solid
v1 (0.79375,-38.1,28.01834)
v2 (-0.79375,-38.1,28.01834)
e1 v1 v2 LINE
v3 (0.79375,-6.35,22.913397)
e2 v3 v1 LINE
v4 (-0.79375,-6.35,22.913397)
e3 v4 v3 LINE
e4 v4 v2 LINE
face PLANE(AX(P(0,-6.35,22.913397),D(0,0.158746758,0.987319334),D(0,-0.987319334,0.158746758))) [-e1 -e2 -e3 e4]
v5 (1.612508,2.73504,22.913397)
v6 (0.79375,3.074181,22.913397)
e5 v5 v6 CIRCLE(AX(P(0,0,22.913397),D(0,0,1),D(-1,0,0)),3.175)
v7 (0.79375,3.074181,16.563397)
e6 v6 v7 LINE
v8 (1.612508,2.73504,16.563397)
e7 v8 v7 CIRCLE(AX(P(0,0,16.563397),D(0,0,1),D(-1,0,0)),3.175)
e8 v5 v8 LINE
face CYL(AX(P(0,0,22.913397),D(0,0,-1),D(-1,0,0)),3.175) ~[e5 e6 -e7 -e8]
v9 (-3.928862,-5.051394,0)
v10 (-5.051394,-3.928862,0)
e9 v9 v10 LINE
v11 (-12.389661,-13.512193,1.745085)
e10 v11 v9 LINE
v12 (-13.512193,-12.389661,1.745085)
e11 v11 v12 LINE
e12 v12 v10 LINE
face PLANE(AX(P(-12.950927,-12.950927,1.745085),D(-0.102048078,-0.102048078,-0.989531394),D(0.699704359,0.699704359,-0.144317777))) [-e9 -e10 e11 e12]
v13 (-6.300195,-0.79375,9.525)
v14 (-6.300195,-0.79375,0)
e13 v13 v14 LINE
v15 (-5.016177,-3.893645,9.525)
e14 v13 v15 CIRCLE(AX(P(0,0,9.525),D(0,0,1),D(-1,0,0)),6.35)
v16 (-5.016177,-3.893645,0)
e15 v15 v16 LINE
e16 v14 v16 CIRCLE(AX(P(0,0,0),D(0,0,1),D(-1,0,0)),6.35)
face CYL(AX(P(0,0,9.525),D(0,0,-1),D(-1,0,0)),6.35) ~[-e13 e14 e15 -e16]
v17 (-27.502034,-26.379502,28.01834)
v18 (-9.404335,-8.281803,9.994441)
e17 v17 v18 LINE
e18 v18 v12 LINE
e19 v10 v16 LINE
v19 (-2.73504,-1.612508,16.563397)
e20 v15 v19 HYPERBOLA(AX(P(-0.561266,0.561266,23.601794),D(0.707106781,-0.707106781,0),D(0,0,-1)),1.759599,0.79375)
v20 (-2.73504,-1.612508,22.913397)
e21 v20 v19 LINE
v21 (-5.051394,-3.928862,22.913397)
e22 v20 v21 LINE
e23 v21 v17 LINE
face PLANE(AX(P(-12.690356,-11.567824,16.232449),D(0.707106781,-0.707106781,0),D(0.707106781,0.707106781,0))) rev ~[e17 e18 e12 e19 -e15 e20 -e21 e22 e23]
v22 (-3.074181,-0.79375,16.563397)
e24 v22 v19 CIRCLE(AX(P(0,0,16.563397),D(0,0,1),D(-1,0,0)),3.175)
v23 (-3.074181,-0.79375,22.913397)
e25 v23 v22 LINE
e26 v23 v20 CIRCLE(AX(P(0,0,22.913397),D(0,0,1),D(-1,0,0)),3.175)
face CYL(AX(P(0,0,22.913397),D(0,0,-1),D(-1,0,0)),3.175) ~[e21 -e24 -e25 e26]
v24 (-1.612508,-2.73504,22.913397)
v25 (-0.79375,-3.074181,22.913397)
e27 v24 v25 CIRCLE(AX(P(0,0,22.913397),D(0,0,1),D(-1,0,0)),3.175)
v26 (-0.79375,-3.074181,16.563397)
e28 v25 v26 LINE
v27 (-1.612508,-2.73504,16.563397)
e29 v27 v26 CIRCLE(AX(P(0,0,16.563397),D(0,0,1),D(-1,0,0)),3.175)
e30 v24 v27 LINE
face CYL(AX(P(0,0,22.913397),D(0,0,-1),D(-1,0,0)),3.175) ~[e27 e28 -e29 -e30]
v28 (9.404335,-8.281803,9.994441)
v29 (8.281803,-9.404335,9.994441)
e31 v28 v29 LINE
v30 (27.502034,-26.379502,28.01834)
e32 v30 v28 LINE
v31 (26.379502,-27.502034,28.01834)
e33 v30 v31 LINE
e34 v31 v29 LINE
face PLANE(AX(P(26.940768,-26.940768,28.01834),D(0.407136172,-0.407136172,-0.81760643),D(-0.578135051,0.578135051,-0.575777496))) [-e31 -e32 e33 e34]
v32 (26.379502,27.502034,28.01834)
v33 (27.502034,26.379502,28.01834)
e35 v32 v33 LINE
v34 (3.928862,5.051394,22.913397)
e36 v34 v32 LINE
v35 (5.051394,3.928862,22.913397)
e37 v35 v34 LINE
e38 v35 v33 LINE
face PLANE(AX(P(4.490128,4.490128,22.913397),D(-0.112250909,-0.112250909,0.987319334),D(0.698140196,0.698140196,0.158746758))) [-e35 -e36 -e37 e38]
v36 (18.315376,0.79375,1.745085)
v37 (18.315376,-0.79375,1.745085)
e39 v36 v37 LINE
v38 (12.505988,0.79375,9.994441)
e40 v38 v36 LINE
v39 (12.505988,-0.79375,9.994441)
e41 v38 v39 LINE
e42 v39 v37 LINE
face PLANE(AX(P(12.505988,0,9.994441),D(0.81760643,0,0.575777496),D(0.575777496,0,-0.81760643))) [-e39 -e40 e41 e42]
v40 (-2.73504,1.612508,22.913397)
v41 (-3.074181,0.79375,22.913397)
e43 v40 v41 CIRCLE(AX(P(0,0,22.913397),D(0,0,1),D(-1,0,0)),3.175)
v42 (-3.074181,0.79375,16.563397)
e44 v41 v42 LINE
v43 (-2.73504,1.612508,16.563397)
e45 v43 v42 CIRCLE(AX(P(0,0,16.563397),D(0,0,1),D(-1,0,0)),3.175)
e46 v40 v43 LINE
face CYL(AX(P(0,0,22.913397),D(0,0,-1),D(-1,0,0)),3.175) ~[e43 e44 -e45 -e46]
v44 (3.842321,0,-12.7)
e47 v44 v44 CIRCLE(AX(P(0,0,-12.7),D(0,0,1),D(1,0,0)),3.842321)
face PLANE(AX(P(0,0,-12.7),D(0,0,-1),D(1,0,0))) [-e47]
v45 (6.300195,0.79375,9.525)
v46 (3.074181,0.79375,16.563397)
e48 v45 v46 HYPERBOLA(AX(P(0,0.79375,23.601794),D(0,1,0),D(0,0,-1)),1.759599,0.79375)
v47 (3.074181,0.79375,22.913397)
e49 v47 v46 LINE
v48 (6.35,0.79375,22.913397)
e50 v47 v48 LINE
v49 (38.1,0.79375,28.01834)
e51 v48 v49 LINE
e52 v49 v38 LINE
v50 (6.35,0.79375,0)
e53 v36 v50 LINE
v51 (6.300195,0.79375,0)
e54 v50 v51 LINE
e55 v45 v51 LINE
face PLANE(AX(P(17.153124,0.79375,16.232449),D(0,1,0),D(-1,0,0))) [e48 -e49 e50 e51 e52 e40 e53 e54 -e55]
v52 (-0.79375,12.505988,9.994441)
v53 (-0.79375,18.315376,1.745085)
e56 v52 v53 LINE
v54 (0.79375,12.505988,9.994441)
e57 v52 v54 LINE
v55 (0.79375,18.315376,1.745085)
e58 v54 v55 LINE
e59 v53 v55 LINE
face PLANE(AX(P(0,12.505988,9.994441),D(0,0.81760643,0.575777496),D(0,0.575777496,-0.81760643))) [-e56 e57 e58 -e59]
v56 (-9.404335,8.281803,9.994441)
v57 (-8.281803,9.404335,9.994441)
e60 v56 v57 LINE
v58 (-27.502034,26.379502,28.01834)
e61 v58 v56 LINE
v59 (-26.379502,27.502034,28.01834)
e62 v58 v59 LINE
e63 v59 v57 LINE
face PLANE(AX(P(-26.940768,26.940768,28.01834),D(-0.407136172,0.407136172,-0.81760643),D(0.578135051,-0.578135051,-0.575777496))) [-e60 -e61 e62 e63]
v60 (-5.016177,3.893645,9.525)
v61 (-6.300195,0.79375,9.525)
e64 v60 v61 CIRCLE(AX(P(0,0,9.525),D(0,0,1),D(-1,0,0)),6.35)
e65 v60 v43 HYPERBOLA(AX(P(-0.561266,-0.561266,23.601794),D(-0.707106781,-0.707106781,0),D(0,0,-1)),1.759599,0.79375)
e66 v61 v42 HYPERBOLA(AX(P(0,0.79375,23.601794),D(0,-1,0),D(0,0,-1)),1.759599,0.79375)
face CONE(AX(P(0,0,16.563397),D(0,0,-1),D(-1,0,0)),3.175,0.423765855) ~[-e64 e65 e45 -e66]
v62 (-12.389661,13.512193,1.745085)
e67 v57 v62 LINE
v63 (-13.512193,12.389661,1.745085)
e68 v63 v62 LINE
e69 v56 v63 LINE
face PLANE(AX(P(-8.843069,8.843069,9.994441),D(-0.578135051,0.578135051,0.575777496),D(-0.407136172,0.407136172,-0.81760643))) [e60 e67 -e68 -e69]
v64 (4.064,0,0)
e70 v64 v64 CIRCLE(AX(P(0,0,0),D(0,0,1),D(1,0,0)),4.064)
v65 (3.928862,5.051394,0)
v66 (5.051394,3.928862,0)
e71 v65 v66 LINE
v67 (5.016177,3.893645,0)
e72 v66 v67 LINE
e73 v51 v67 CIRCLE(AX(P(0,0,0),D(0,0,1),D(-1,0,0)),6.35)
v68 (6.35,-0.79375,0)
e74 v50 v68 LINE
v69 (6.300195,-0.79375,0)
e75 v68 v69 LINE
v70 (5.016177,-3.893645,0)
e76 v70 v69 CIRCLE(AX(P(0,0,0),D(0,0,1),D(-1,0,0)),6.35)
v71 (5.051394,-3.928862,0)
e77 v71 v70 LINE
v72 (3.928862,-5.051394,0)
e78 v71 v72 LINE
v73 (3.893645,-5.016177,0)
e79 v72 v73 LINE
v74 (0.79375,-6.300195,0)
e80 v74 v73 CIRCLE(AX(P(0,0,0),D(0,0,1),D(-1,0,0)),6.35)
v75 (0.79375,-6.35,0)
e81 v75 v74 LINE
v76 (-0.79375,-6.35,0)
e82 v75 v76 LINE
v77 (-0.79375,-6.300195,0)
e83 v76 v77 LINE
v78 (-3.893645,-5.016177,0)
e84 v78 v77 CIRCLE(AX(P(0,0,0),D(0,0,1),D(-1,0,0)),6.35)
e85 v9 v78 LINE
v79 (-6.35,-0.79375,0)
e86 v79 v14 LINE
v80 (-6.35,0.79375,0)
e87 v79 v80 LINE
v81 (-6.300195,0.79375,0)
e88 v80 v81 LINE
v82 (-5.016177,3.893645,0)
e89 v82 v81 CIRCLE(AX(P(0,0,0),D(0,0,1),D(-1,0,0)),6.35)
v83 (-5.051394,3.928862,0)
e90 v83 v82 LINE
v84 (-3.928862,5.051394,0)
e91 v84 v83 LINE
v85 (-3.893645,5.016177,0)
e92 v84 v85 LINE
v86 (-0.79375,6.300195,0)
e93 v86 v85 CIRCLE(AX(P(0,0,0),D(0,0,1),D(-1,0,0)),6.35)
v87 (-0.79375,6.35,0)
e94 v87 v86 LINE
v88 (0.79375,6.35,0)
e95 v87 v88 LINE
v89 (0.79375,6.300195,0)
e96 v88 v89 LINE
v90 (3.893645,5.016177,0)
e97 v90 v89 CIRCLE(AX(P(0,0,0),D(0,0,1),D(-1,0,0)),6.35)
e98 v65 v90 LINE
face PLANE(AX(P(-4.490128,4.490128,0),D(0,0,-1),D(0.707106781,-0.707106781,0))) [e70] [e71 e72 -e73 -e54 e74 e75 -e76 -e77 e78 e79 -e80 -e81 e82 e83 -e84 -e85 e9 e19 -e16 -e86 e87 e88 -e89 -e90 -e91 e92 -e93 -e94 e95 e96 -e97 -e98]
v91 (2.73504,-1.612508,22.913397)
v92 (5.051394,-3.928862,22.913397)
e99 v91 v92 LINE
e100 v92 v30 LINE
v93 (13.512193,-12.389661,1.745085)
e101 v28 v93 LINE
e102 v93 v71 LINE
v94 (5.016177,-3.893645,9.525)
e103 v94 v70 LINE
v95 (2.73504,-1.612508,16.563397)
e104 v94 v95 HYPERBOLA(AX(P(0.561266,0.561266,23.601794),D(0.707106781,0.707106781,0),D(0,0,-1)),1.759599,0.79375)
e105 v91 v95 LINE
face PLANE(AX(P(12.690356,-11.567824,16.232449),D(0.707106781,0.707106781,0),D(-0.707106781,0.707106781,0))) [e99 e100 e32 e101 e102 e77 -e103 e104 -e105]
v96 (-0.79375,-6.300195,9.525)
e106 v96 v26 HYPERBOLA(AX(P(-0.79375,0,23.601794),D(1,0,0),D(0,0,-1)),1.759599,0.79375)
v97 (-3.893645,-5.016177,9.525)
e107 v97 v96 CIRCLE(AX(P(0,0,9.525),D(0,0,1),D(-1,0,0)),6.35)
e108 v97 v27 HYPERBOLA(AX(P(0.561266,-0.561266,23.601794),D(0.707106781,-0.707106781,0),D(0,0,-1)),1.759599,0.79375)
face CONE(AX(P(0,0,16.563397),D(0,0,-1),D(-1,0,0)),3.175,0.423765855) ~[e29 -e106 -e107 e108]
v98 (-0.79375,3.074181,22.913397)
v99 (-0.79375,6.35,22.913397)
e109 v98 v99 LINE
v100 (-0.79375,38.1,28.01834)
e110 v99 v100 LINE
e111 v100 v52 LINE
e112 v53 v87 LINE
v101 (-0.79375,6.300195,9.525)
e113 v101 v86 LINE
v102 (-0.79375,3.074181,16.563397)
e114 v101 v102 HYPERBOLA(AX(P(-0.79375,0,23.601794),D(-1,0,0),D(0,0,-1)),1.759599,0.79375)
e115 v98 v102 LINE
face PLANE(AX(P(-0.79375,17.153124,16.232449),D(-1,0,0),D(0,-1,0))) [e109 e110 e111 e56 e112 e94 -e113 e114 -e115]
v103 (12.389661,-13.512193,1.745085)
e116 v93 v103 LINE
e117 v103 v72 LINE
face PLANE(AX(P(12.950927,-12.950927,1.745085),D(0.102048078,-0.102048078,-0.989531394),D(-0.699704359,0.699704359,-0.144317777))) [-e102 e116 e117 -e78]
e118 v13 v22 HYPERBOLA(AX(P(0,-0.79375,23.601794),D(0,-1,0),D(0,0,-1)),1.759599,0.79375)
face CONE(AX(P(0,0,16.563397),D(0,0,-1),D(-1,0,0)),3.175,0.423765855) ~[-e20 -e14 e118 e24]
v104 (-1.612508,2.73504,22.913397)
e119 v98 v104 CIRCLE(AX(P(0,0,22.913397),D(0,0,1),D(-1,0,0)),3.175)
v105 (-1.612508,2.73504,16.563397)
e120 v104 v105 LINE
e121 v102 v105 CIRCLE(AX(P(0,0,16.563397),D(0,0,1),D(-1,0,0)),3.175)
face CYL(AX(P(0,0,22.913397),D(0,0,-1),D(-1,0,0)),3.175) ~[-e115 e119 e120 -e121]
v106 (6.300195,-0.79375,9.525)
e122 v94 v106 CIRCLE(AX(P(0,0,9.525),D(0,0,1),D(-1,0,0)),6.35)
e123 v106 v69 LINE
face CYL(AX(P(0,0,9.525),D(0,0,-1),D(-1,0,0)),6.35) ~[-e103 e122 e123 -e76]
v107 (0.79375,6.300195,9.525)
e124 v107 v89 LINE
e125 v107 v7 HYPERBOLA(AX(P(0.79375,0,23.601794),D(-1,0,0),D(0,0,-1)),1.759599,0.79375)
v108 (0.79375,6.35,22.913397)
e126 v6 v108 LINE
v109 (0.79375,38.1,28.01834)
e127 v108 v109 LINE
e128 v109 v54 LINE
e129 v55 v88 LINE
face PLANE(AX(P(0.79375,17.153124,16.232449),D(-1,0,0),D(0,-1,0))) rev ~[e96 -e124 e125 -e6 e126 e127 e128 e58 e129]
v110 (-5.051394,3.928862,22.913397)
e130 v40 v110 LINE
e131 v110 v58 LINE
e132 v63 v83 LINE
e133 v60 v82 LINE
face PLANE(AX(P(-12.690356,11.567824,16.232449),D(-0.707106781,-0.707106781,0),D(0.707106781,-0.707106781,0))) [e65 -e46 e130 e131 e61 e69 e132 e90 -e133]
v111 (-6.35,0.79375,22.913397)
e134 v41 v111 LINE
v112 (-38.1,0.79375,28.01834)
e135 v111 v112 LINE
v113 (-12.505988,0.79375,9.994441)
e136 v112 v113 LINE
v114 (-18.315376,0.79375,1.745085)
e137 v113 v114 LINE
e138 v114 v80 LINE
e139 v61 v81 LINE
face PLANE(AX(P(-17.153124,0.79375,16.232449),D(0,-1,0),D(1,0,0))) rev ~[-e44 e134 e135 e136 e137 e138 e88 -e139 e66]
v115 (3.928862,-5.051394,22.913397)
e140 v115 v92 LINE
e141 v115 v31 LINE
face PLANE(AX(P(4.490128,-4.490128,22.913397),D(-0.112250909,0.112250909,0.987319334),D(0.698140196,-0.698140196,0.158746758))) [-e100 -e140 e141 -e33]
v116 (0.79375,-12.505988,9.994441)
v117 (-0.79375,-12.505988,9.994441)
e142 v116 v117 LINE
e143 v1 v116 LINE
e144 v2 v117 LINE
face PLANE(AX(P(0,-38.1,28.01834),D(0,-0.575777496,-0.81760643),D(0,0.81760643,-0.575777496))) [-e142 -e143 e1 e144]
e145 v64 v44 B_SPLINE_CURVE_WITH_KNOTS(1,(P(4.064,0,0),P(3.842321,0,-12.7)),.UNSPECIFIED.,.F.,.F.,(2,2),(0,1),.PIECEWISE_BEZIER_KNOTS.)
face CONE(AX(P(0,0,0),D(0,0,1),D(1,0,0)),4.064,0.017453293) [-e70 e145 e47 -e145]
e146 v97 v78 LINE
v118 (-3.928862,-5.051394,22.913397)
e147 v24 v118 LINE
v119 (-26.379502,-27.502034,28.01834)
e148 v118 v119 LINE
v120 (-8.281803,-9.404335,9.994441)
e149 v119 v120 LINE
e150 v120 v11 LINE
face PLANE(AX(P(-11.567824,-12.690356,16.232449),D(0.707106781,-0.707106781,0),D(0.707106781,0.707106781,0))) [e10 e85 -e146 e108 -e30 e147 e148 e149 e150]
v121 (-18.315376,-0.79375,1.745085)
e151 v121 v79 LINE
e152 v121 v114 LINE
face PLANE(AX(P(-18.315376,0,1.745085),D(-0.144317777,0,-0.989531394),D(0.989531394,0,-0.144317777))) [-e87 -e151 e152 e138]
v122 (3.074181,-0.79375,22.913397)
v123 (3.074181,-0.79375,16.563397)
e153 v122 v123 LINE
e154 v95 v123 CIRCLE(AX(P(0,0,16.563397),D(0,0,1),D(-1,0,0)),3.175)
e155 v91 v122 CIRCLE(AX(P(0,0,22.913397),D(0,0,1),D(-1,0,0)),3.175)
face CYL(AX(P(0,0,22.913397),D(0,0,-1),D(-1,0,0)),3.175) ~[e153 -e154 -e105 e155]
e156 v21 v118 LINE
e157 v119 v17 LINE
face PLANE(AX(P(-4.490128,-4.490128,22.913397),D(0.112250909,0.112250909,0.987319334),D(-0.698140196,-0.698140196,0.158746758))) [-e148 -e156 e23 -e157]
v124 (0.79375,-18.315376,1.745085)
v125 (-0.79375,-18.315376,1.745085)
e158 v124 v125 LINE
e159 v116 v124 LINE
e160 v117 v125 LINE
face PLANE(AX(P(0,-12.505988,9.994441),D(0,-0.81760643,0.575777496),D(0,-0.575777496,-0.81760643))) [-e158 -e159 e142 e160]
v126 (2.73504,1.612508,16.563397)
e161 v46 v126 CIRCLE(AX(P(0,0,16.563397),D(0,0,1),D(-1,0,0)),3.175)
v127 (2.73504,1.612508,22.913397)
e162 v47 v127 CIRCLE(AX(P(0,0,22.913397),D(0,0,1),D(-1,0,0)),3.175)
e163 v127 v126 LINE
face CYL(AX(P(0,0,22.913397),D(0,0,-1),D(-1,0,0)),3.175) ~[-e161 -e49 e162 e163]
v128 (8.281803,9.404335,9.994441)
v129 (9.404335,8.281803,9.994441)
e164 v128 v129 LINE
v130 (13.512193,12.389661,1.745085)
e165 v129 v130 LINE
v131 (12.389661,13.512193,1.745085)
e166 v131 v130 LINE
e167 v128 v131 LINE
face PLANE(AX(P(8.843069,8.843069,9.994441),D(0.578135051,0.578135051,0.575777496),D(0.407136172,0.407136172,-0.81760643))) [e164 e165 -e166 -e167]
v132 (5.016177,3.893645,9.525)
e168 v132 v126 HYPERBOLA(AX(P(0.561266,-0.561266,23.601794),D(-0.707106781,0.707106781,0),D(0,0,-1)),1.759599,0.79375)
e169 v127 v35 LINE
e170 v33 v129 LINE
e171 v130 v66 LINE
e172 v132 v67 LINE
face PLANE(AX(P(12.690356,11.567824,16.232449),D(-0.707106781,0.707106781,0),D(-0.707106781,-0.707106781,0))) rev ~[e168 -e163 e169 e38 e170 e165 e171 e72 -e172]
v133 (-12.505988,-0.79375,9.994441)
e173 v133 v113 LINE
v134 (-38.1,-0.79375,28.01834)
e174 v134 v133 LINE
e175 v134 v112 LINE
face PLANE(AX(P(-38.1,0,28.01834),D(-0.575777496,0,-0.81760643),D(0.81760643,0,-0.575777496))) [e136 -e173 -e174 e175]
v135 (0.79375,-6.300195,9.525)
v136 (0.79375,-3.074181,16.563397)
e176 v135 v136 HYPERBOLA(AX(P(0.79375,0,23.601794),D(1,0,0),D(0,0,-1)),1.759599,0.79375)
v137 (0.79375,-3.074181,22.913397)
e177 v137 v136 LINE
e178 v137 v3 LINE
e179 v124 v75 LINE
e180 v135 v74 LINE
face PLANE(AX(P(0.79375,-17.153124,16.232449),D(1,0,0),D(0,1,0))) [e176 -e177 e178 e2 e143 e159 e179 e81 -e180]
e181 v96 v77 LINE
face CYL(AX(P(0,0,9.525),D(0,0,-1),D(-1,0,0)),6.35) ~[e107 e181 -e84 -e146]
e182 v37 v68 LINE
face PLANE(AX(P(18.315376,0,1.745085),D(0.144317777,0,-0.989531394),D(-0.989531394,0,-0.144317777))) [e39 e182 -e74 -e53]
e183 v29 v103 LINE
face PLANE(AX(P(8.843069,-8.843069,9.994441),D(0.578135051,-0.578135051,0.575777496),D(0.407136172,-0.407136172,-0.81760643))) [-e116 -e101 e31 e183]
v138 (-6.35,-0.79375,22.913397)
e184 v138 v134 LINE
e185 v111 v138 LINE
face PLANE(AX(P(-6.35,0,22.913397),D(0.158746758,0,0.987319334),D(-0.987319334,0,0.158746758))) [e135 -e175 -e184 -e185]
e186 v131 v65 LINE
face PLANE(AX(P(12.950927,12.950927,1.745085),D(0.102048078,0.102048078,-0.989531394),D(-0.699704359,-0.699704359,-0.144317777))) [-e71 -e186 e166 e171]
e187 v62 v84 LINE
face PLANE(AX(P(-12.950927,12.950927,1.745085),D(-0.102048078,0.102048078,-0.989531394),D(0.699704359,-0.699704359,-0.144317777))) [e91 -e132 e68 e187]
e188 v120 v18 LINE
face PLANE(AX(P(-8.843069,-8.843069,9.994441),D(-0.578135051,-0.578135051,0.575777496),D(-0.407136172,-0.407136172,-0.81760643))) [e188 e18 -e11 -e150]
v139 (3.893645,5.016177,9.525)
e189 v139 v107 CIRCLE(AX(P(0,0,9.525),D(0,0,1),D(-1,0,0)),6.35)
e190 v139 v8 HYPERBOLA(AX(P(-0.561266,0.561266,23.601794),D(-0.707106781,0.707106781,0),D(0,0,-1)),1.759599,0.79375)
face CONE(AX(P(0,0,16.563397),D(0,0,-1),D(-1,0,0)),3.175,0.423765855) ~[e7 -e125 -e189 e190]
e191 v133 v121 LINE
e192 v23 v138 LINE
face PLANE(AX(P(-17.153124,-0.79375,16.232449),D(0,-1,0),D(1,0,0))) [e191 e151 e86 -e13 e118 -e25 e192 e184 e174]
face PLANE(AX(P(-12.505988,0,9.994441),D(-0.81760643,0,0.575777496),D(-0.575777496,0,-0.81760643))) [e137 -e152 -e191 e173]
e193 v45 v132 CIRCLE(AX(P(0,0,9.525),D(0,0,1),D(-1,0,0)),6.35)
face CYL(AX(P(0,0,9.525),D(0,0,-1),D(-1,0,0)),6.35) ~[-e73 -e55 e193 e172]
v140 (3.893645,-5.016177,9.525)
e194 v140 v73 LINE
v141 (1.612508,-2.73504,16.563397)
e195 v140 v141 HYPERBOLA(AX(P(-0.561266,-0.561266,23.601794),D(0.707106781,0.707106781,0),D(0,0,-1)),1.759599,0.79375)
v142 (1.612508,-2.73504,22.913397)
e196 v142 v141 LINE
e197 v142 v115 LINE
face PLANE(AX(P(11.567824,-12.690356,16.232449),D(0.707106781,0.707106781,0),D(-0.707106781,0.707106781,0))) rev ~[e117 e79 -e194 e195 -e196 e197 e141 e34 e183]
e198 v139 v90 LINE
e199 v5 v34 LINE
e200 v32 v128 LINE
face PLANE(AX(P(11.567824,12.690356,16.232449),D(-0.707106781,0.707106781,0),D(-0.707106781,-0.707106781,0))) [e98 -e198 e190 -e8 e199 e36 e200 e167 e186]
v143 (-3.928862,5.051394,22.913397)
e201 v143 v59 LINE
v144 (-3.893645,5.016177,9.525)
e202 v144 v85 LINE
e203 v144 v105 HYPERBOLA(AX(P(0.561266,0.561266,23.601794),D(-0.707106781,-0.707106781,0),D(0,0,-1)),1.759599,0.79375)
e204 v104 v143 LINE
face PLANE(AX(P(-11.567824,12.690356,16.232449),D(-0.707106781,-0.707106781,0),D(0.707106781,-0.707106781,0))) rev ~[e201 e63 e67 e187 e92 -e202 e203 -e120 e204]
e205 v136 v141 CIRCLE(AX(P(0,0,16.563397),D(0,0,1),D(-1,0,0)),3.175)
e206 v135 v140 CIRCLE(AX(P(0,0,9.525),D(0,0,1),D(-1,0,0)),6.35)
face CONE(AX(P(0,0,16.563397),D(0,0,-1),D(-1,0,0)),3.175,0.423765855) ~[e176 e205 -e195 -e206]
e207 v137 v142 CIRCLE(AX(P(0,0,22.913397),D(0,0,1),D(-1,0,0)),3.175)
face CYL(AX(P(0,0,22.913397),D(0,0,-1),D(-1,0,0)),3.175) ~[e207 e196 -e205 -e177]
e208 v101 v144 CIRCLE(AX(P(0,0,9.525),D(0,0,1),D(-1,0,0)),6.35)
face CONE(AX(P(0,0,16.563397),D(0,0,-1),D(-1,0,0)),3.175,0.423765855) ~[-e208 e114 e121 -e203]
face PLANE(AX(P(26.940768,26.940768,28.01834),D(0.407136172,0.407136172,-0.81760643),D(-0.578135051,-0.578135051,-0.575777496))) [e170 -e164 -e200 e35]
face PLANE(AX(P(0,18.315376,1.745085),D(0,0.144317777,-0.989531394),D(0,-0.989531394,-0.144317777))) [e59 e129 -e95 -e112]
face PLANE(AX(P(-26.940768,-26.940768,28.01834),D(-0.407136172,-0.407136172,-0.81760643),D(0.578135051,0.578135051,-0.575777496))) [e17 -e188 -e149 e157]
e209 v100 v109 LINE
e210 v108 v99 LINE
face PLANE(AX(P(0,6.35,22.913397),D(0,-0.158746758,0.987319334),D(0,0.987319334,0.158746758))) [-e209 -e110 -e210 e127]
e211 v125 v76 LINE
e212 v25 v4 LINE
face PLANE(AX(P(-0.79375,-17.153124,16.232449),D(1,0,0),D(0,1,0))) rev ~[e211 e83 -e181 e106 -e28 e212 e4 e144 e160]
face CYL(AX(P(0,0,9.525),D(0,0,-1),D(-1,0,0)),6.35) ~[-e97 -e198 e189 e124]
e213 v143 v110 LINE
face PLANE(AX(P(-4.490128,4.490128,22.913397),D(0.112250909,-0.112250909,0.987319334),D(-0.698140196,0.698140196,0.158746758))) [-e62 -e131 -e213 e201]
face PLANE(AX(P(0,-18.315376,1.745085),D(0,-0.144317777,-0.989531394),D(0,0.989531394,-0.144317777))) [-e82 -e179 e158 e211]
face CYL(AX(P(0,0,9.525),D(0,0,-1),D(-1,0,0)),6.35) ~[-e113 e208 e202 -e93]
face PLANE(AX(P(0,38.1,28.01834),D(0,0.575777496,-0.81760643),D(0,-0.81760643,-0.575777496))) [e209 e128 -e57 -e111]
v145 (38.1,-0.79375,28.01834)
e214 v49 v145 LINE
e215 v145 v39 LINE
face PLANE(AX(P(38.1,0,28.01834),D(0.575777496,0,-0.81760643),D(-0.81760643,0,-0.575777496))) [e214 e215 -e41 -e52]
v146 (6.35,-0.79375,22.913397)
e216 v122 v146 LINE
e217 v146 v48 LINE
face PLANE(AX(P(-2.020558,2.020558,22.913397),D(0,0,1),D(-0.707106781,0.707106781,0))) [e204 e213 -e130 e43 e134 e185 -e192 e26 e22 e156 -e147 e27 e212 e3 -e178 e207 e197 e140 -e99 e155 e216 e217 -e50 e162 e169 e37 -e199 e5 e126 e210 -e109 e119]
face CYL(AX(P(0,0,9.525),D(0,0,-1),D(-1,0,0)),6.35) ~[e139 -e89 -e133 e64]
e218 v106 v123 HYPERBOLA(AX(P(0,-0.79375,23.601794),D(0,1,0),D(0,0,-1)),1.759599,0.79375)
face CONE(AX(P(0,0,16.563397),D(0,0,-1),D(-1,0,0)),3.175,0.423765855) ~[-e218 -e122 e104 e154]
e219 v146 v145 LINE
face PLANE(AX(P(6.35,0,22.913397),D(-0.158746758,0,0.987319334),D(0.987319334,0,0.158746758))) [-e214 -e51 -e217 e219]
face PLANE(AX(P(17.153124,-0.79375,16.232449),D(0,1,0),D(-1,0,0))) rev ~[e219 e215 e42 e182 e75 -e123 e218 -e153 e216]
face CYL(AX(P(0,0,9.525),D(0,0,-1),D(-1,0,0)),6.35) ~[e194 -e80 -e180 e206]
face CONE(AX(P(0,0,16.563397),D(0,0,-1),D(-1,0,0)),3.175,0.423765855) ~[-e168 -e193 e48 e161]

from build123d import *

# Parameters (mm, degrees)
F2_R     = 4.064
F3_DEPTH = 12.7
F3_TAPER = 1
F5_DEPTH = 0.79375
F6_COUNT = 8


with BuildPart() as f1:
    # F0 (on Front) → F1 (revolve)
    with BuildSketch(Plane.XZ):
        Polygon((-6.35, 0), (0, 0), (0, 22.9133968065), (-3.175, 22.9133968065), (-3.175, 16.5633968065), (-6.35, 9.525), align=None)
    revolve(axis=Axis((0, 0, 20.1071155777), (0, 0, 1)))

    # F2 (on face) → F3 (join)
    with BuildSketch(Plane(origin=(0, 0, 0), x_dir=(1, 0, 0), z_dir=(0, 0, -1))):
        Circle(F2_R)
    extrude(amount=F3_DEPTH, taper=F3_TAPER)

    # F4 (on Front) → F5 (join, symmetric)
    with BuildSketch(Plane.XZ):
        Polygon((-18.3153760806, 1.7450850807), (-6.35, 0), (-6.0325, 0), (-6.0325, 9.4567020336), (-2.8575, 16.4950988401), (-2.8575, 22.9133968065), (-3.175, 22.9133968065), (-6.35, 22.9133968065), (-38.1, 28.0183404684), (-12.5059876591, 9.994440712), align=None)
    extrude(amount=F5_DEPTH, both=True)

    # F6: F1 ×8 about axis
    f6_axis = Axis((0, 0, 20.1071155777), (0, 0, 1))


with BuildPart() as f1_1:
    add(f1.part)
    for i in range(1, F6_COUNT):
        add(f1.part.rotate(f6_axis, i * 360 / F6_COUNT))


solid = f1_1.part
